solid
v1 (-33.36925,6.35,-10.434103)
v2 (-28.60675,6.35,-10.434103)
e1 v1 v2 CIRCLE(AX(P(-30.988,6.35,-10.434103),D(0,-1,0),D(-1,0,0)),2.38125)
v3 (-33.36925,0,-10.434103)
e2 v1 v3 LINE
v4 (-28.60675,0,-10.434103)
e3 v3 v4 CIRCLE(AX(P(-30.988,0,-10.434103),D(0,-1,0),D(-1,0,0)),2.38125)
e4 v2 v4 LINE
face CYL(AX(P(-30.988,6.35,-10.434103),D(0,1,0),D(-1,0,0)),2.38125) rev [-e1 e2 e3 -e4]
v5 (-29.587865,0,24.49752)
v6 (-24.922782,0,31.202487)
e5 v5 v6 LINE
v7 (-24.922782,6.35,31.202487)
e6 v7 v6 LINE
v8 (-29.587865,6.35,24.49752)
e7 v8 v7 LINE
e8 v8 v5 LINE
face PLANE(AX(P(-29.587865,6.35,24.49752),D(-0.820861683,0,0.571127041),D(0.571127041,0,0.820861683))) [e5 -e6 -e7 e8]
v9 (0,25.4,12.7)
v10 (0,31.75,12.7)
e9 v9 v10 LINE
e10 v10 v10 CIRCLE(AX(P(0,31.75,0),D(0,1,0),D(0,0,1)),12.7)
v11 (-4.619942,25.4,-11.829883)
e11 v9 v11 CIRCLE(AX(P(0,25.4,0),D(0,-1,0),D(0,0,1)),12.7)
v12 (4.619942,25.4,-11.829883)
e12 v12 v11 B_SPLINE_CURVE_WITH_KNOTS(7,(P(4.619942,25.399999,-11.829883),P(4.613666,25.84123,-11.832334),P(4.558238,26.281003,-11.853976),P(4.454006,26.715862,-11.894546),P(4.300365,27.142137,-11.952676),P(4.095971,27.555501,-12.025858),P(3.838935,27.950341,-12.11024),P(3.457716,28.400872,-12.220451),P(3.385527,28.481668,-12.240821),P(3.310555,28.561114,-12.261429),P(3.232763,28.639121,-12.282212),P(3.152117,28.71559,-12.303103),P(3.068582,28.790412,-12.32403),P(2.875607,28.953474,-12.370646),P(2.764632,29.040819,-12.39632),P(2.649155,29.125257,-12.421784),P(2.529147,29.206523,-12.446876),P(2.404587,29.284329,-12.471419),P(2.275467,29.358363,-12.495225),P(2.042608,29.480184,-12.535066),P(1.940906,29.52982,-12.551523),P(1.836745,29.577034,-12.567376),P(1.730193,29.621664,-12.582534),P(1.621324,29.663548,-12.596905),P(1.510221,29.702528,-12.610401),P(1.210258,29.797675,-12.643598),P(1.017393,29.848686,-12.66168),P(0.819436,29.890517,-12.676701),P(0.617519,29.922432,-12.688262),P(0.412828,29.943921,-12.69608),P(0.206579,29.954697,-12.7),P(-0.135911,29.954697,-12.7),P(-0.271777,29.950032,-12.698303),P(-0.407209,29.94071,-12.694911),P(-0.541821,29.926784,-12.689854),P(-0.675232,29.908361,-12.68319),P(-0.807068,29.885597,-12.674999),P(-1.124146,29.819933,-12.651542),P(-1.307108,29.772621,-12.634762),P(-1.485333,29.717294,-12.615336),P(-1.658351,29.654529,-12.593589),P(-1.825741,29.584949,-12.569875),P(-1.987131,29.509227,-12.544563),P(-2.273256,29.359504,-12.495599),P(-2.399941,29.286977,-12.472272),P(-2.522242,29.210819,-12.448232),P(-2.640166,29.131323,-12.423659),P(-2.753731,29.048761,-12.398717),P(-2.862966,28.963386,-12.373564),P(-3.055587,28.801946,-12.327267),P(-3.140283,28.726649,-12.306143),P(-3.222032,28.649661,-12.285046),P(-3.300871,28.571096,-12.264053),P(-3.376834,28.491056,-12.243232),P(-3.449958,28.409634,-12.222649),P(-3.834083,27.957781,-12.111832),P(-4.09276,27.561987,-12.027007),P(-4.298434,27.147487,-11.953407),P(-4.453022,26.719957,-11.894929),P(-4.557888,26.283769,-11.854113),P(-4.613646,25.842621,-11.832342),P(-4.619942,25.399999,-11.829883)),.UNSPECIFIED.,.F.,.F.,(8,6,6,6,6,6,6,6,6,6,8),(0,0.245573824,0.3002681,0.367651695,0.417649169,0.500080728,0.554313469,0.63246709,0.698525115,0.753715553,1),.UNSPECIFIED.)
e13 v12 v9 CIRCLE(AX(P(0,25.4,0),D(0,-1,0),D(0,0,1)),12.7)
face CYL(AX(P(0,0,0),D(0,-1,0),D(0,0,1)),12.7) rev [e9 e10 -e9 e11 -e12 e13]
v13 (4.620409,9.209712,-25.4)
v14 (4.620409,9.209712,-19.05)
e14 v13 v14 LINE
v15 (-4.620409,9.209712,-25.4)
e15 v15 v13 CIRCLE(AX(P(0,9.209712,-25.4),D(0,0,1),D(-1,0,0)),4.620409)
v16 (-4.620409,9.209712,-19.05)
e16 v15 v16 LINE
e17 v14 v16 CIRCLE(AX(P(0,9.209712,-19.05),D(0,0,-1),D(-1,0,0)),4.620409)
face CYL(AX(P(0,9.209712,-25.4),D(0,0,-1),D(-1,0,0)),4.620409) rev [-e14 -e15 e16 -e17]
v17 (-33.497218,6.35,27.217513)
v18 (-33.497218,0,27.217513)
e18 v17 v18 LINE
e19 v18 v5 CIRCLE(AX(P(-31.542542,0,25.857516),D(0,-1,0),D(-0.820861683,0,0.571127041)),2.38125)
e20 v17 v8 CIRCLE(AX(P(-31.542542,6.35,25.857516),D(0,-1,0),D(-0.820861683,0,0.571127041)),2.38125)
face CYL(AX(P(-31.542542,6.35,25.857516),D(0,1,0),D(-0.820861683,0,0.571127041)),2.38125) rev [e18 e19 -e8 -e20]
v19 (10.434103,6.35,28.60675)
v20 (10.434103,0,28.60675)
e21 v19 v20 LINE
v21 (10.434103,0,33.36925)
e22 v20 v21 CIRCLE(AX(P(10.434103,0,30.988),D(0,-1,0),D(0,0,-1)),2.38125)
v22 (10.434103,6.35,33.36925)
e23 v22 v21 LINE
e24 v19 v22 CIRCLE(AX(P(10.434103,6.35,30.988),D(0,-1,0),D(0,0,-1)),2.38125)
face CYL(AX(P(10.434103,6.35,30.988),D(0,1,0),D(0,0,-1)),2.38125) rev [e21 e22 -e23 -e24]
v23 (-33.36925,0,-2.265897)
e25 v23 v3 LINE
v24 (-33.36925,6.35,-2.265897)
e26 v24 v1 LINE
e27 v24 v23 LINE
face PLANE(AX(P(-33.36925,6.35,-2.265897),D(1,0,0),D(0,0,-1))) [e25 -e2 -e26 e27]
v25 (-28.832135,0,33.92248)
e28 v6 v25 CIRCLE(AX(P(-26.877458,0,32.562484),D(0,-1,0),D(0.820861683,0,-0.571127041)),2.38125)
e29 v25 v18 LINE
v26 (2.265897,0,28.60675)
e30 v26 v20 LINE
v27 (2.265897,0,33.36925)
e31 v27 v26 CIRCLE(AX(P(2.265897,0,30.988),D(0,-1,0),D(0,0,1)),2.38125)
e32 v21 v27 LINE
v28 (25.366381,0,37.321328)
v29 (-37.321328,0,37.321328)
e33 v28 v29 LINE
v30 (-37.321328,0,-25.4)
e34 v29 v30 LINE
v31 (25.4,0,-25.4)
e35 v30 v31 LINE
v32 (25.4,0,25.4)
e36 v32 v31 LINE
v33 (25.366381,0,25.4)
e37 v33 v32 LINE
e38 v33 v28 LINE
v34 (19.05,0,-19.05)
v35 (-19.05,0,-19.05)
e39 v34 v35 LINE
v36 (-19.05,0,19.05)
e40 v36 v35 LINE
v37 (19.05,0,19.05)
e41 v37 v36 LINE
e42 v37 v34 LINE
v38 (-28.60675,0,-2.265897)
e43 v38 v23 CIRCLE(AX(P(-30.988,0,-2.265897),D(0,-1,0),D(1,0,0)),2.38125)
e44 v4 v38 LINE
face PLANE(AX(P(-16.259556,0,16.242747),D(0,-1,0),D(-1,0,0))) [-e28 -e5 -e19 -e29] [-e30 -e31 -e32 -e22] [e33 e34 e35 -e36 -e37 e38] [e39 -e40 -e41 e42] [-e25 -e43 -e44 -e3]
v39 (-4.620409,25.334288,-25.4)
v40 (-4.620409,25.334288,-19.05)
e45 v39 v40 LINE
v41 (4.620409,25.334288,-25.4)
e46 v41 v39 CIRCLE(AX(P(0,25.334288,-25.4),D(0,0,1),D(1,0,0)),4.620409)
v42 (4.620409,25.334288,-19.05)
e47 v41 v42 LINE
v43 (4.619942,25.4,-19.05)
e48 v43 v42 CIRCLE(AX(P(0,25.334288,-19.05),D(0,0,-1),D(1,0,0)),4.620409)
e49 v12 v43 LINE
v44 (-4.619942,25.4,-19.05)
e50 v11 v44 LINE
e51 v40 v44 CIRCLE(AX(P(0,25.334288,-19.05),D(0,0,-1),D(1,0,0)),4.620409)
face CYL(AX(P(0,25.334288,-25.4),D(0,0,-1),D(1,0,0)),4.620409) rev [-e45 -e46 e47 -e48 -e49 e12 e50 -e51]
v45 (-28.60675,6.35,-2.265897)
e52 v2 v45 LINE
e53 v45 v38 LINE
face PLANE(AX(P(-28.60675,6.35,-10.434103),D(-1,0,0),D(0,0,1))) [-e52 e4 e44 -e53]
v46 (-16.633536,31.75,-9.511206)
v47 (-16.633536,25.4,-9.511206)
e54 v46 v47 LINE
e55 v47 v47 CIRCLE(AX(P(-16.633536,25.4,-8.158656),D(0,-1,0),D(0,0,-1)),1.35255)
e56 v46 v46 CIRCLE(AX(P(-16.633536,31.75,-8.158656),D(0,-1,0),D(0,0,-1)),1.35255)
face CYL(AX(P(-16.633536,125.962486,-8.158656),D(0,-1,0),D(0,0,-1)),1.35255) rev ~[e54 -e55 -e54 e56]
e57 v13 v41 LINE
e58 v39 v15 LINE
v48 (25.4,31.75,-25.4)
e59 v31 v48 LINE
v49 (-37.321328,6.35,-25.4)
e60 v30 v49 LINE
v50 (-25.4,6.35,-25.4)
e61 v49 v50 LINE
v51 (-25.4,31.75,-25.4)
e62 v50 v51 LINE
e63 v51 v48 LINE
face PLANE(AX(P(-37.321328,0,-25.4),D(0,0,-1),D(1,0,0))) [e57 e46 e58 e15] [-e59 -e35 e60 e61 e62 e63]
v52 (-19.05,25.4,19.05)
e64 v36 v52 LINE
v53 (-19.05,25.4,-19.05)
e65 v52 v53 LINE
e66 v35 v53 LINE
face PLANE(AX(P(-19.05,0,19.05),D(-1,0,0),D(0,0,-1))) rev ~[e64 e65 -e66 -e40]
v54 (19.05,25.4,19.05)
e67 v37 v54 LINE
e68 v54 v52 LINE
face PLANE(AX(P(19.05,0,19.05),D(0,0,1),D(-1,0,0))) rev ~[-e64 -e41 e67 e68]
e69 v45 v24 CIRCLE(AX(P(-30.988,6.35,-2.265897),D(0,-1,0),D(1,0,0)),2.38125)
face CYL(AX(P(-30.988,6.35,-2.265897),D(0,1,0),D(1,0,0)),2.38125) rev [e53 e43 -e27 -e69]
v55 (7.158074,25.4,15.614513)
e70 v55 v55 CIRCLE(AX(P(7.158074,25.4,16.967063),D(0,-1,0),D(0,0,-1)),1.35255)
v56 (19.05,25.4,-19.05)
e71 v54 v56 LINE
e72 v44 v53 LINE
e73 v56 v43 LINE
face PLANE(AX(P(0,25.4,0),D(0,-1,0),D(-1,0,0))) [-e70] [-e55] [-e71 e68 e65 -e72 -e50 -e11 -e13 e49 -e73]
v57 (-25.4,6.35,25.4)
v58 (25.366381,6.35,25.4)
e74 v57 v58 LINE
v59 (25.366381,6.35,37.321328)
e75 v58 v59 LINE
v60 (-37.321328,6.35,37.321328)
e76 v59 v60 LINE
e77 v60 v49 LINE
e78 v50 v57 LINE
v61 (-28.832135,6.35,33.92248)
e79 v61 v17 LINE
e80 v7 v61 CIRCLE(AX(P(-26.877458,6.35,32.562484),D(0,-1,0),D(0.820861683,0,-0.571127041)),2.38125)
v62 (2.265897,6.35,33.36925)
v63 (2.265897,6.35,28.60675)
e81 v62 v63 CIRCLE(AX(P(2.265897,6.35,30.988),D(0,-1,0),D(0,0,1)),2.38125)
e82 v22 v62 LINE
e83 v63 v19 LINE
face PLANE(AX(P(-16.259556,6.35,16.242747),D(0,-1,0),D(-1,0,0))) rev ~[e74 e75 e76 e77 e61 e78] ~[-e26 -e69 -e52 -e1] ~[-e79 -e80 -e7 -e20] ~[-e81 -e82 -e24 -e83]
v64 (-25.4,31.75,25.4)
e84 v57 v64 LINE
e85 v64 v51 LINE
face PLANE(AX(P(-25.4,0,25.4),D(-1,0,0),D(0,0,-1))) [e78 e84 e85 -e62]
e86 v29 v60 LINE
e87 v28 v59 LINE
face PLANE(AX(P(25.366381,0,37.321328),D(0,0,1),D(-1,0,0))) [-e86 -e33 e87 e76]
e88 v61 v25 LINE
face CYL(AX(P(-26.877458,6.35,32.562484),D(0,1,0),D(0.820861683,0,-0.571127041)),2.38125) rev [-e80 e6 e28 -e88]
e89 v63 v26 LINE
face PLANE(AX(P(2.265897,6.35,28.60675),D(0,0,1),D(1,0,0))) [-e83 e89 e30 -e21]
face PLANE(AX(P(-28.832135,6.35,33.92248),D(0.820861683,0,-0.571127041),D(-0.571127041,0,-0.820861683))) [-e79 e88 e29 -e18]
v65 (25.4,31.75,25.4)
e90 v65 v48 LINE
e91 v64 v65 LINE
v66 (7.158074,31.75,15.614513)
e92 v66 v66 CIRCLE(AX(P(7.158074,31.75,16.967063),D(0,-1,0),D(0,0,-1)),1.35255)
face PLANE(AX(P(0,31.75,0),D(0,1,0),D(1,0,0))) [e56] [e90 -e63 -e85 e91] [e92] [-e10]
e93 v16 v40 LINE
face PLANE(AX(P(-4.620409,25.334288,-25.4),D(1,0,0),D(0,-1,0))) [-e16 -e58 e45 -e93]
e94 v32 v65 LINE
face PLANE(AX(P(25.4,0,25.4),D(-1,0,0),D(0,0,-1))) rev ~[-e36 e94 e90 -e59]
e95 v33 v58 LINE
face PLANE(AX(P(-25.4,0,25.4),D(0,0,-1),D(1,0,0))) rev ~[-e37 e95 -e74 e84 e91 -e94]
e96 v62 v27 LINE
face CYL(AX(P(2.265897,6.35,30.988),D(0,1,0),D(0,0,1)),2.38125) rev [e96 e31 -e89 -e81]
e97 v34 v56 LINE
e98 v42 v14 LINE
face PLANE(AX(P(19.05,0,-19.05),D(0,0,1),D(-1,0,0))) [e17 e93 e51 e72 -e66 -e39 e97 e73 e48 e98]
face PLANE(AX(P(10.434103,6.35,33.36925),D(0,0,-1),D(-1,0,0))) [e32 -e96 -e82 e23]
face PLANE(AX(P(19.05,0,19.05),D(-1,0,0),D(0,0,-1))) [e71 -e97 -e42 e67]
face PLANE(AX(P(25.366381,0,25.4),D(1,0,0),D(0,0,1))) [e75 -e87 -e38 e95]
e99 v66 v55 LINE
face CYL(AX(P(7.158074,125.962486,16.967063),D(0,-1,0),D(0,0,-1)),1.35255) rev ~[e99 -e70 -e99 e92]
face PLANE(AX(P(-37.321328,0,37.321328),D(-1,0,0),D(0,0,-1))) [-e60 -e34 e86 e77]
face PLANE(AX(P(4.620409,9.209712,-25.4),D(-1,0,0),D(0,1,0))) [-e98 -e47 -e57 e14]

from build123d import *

# Parameters (mm, degrees)
SKETCH1_W             = 50.8
SKETCH1_H             = 50.8
SKETCH1_R             = 12.7
BOSS_EXTRUDE2_DEPTH   = 31.75
BOSS_EXTRUDE5_DEPTH   = 6.35
CUT_EXTRUDE2_DEPTH    = 6.35
CUT_EXTRUDE3_DEPTH    = 6.35
SKETCH12_W            = 38.1
SKETCH12_H            = 38.1
CUT_EXTRUDE6_DEPTH    = 25.4
F_6_32_TAPPED_HOLE3_D = 2.7051
CUT_EXTRUDE7_DEPTH    = 25.4


with BuildPart() as part:
    # Sketch1 → Boss-Extrude2 (new body)
    with BuildSketch(Plane(origin=(0, 0, 0), x_dir=(1, 0, 0), z_dir=(0, 1, 0))):
        Rectangle(SKETCH1_W, SKETCH1_H)
        with Locations(Location((0, 0, 0), (0, 0, 270))):
            Circle(SKETCH1_R, mode=Mode.SUBTRACT)
    extrude(amount=BOSS_EXTRUDE2_DEPTH)

    # Sketch4 → Boss-Extrude5 (add)
    with BuildSketch(Plane(origin=(0, 0, 0), x_dir=(-1, 0, 0), z_dir=(0, -1, 0))):
        Polygon((25.4, -25.4), (-25.366380646, -25.4), (-25.366380646, -37.321328202), (37.321328153, -37.321328202), (37.321328153, -25.4), (37.321328153, 25.4), (25.4, 25.4), align=None)
    extrude(amount=-BOSS_EXTRUDE5_DEPTH)

    # Sketch11 → Cut-Extrude2 (cut)
    with BuildSketch(Plane(origin=(0, 6.35, 0), x_dir=(1, 0, 0), z_dir=(0, 1, 0))):
        with BuildLine():
            Line((-28.60675, 10.43410283), (-28.60675, 2.26589717))
            ThreePointArc((-28.60675, 2.26589717), (-30.988, -0.11535283), (-33.36925, 2.26589717))
            Line((-33.36925, 2.26589717), (-33.36925, 10.43410283))
            ThreePointArc((-33.36925, 10.43410283), (-30.988, 12.81535283), (-28.60675, 10.43410283))
        make_face()
        with BuildLine():
            Line((-29.587864683, -24.49752021), (-24.922781552, -31.202487256))
            ThreePointArc((-24.922781552, -31.202487256), (-25.517462167, -34.517160405), (-28.832135317, -33.92247979))
            Line((-28.832135317, -33.92247979), (-33.497218448, -27.217512744))
            ThreePointArc((-33.497218448, -27.217512744), (-32.902537833, -23.902839595), (-29.587864683, -24.49752021))
        make_face()
    extrude(amount=-CUT_EXTRUDE2_DEPTH, mode=Mode.SUBTRACT)

    # Sketch10 → Cut-Extrude3 (cut)
    with BuildSketch(Plane(origin=(0, 6.35, 0), x_dir=(1, 0, 0), z_dir=(0, 1, 0))):
        with BuildLine():
            Line((10.434102814, -33.36925), (2.265897186, -33.36925))
            ThreePointArc((2.265897186, -33.36925), (-0.115352814, -30.988), (2.265897186, -28.60675))
            Line((2.265897186, -28.60675), (10.434102814, -28.60675))
            ThreePointArc((10.434102814, -28.60675), (12.815352814, -30.988), (10.434102814, -33.36925))
        make_face()
    extrude(amount=-CUT_EXTRUDE3_DEPTH, mode=Mode.SUBTRACT)

    # Sketch12 → Cut-Extrude6 (cut)
    with BuildSketch(Plane(origin=(0, 0, 0), x_dir=(-1, 0, 0), z_dir=(0, -1, 0))):
        Rectangle(SKETCH12_W, SKETCH12_H)
    extrude(amount=-CUT_EXTRUDE6_DEPTH, mode=Mode.SUBTRACT)

    # #6-32 Tapped Hole3 (through all)
    with Locations(Plane(origin=(7.158073922, 31.75, 16.96706293), x_dir=(0, 0, 1), z_dir=(0, 1, 0))):
        with Locations((0, 0), (-25.125718539, -23.79160959)):
            Hole(F_6_32_TAPPED_HOLE3_D / 2)

    # Sketch18 → Cut-Extrude7 (cut)
    with BuildSketch(Plane(origin=(0, 0, -25.4), x_dir=(-1, 0, 0), z_dir=(0, 0, -1))):
        with BuildLine():
            Line((4.620408953, 25.334287556), (4.620408953, 9.209712444))
            ThreePointArc((4.620408953, 9.209712444), (0, 4.589303492), (-4.620408953, 9.209712444))
            Line((-4.620408953, 9.209712444), (-4.620408953, 25.334287556))
            ThreePointArc((-4.620408953, 25.334287556), (0, 29.954696508), (4.620408953, 25.334287556))
        make_face()
    extrude(amount=-CUT_EXTRUDE7_DEPTH, mode=Mode.SUBTRACT)


solid = part.part
